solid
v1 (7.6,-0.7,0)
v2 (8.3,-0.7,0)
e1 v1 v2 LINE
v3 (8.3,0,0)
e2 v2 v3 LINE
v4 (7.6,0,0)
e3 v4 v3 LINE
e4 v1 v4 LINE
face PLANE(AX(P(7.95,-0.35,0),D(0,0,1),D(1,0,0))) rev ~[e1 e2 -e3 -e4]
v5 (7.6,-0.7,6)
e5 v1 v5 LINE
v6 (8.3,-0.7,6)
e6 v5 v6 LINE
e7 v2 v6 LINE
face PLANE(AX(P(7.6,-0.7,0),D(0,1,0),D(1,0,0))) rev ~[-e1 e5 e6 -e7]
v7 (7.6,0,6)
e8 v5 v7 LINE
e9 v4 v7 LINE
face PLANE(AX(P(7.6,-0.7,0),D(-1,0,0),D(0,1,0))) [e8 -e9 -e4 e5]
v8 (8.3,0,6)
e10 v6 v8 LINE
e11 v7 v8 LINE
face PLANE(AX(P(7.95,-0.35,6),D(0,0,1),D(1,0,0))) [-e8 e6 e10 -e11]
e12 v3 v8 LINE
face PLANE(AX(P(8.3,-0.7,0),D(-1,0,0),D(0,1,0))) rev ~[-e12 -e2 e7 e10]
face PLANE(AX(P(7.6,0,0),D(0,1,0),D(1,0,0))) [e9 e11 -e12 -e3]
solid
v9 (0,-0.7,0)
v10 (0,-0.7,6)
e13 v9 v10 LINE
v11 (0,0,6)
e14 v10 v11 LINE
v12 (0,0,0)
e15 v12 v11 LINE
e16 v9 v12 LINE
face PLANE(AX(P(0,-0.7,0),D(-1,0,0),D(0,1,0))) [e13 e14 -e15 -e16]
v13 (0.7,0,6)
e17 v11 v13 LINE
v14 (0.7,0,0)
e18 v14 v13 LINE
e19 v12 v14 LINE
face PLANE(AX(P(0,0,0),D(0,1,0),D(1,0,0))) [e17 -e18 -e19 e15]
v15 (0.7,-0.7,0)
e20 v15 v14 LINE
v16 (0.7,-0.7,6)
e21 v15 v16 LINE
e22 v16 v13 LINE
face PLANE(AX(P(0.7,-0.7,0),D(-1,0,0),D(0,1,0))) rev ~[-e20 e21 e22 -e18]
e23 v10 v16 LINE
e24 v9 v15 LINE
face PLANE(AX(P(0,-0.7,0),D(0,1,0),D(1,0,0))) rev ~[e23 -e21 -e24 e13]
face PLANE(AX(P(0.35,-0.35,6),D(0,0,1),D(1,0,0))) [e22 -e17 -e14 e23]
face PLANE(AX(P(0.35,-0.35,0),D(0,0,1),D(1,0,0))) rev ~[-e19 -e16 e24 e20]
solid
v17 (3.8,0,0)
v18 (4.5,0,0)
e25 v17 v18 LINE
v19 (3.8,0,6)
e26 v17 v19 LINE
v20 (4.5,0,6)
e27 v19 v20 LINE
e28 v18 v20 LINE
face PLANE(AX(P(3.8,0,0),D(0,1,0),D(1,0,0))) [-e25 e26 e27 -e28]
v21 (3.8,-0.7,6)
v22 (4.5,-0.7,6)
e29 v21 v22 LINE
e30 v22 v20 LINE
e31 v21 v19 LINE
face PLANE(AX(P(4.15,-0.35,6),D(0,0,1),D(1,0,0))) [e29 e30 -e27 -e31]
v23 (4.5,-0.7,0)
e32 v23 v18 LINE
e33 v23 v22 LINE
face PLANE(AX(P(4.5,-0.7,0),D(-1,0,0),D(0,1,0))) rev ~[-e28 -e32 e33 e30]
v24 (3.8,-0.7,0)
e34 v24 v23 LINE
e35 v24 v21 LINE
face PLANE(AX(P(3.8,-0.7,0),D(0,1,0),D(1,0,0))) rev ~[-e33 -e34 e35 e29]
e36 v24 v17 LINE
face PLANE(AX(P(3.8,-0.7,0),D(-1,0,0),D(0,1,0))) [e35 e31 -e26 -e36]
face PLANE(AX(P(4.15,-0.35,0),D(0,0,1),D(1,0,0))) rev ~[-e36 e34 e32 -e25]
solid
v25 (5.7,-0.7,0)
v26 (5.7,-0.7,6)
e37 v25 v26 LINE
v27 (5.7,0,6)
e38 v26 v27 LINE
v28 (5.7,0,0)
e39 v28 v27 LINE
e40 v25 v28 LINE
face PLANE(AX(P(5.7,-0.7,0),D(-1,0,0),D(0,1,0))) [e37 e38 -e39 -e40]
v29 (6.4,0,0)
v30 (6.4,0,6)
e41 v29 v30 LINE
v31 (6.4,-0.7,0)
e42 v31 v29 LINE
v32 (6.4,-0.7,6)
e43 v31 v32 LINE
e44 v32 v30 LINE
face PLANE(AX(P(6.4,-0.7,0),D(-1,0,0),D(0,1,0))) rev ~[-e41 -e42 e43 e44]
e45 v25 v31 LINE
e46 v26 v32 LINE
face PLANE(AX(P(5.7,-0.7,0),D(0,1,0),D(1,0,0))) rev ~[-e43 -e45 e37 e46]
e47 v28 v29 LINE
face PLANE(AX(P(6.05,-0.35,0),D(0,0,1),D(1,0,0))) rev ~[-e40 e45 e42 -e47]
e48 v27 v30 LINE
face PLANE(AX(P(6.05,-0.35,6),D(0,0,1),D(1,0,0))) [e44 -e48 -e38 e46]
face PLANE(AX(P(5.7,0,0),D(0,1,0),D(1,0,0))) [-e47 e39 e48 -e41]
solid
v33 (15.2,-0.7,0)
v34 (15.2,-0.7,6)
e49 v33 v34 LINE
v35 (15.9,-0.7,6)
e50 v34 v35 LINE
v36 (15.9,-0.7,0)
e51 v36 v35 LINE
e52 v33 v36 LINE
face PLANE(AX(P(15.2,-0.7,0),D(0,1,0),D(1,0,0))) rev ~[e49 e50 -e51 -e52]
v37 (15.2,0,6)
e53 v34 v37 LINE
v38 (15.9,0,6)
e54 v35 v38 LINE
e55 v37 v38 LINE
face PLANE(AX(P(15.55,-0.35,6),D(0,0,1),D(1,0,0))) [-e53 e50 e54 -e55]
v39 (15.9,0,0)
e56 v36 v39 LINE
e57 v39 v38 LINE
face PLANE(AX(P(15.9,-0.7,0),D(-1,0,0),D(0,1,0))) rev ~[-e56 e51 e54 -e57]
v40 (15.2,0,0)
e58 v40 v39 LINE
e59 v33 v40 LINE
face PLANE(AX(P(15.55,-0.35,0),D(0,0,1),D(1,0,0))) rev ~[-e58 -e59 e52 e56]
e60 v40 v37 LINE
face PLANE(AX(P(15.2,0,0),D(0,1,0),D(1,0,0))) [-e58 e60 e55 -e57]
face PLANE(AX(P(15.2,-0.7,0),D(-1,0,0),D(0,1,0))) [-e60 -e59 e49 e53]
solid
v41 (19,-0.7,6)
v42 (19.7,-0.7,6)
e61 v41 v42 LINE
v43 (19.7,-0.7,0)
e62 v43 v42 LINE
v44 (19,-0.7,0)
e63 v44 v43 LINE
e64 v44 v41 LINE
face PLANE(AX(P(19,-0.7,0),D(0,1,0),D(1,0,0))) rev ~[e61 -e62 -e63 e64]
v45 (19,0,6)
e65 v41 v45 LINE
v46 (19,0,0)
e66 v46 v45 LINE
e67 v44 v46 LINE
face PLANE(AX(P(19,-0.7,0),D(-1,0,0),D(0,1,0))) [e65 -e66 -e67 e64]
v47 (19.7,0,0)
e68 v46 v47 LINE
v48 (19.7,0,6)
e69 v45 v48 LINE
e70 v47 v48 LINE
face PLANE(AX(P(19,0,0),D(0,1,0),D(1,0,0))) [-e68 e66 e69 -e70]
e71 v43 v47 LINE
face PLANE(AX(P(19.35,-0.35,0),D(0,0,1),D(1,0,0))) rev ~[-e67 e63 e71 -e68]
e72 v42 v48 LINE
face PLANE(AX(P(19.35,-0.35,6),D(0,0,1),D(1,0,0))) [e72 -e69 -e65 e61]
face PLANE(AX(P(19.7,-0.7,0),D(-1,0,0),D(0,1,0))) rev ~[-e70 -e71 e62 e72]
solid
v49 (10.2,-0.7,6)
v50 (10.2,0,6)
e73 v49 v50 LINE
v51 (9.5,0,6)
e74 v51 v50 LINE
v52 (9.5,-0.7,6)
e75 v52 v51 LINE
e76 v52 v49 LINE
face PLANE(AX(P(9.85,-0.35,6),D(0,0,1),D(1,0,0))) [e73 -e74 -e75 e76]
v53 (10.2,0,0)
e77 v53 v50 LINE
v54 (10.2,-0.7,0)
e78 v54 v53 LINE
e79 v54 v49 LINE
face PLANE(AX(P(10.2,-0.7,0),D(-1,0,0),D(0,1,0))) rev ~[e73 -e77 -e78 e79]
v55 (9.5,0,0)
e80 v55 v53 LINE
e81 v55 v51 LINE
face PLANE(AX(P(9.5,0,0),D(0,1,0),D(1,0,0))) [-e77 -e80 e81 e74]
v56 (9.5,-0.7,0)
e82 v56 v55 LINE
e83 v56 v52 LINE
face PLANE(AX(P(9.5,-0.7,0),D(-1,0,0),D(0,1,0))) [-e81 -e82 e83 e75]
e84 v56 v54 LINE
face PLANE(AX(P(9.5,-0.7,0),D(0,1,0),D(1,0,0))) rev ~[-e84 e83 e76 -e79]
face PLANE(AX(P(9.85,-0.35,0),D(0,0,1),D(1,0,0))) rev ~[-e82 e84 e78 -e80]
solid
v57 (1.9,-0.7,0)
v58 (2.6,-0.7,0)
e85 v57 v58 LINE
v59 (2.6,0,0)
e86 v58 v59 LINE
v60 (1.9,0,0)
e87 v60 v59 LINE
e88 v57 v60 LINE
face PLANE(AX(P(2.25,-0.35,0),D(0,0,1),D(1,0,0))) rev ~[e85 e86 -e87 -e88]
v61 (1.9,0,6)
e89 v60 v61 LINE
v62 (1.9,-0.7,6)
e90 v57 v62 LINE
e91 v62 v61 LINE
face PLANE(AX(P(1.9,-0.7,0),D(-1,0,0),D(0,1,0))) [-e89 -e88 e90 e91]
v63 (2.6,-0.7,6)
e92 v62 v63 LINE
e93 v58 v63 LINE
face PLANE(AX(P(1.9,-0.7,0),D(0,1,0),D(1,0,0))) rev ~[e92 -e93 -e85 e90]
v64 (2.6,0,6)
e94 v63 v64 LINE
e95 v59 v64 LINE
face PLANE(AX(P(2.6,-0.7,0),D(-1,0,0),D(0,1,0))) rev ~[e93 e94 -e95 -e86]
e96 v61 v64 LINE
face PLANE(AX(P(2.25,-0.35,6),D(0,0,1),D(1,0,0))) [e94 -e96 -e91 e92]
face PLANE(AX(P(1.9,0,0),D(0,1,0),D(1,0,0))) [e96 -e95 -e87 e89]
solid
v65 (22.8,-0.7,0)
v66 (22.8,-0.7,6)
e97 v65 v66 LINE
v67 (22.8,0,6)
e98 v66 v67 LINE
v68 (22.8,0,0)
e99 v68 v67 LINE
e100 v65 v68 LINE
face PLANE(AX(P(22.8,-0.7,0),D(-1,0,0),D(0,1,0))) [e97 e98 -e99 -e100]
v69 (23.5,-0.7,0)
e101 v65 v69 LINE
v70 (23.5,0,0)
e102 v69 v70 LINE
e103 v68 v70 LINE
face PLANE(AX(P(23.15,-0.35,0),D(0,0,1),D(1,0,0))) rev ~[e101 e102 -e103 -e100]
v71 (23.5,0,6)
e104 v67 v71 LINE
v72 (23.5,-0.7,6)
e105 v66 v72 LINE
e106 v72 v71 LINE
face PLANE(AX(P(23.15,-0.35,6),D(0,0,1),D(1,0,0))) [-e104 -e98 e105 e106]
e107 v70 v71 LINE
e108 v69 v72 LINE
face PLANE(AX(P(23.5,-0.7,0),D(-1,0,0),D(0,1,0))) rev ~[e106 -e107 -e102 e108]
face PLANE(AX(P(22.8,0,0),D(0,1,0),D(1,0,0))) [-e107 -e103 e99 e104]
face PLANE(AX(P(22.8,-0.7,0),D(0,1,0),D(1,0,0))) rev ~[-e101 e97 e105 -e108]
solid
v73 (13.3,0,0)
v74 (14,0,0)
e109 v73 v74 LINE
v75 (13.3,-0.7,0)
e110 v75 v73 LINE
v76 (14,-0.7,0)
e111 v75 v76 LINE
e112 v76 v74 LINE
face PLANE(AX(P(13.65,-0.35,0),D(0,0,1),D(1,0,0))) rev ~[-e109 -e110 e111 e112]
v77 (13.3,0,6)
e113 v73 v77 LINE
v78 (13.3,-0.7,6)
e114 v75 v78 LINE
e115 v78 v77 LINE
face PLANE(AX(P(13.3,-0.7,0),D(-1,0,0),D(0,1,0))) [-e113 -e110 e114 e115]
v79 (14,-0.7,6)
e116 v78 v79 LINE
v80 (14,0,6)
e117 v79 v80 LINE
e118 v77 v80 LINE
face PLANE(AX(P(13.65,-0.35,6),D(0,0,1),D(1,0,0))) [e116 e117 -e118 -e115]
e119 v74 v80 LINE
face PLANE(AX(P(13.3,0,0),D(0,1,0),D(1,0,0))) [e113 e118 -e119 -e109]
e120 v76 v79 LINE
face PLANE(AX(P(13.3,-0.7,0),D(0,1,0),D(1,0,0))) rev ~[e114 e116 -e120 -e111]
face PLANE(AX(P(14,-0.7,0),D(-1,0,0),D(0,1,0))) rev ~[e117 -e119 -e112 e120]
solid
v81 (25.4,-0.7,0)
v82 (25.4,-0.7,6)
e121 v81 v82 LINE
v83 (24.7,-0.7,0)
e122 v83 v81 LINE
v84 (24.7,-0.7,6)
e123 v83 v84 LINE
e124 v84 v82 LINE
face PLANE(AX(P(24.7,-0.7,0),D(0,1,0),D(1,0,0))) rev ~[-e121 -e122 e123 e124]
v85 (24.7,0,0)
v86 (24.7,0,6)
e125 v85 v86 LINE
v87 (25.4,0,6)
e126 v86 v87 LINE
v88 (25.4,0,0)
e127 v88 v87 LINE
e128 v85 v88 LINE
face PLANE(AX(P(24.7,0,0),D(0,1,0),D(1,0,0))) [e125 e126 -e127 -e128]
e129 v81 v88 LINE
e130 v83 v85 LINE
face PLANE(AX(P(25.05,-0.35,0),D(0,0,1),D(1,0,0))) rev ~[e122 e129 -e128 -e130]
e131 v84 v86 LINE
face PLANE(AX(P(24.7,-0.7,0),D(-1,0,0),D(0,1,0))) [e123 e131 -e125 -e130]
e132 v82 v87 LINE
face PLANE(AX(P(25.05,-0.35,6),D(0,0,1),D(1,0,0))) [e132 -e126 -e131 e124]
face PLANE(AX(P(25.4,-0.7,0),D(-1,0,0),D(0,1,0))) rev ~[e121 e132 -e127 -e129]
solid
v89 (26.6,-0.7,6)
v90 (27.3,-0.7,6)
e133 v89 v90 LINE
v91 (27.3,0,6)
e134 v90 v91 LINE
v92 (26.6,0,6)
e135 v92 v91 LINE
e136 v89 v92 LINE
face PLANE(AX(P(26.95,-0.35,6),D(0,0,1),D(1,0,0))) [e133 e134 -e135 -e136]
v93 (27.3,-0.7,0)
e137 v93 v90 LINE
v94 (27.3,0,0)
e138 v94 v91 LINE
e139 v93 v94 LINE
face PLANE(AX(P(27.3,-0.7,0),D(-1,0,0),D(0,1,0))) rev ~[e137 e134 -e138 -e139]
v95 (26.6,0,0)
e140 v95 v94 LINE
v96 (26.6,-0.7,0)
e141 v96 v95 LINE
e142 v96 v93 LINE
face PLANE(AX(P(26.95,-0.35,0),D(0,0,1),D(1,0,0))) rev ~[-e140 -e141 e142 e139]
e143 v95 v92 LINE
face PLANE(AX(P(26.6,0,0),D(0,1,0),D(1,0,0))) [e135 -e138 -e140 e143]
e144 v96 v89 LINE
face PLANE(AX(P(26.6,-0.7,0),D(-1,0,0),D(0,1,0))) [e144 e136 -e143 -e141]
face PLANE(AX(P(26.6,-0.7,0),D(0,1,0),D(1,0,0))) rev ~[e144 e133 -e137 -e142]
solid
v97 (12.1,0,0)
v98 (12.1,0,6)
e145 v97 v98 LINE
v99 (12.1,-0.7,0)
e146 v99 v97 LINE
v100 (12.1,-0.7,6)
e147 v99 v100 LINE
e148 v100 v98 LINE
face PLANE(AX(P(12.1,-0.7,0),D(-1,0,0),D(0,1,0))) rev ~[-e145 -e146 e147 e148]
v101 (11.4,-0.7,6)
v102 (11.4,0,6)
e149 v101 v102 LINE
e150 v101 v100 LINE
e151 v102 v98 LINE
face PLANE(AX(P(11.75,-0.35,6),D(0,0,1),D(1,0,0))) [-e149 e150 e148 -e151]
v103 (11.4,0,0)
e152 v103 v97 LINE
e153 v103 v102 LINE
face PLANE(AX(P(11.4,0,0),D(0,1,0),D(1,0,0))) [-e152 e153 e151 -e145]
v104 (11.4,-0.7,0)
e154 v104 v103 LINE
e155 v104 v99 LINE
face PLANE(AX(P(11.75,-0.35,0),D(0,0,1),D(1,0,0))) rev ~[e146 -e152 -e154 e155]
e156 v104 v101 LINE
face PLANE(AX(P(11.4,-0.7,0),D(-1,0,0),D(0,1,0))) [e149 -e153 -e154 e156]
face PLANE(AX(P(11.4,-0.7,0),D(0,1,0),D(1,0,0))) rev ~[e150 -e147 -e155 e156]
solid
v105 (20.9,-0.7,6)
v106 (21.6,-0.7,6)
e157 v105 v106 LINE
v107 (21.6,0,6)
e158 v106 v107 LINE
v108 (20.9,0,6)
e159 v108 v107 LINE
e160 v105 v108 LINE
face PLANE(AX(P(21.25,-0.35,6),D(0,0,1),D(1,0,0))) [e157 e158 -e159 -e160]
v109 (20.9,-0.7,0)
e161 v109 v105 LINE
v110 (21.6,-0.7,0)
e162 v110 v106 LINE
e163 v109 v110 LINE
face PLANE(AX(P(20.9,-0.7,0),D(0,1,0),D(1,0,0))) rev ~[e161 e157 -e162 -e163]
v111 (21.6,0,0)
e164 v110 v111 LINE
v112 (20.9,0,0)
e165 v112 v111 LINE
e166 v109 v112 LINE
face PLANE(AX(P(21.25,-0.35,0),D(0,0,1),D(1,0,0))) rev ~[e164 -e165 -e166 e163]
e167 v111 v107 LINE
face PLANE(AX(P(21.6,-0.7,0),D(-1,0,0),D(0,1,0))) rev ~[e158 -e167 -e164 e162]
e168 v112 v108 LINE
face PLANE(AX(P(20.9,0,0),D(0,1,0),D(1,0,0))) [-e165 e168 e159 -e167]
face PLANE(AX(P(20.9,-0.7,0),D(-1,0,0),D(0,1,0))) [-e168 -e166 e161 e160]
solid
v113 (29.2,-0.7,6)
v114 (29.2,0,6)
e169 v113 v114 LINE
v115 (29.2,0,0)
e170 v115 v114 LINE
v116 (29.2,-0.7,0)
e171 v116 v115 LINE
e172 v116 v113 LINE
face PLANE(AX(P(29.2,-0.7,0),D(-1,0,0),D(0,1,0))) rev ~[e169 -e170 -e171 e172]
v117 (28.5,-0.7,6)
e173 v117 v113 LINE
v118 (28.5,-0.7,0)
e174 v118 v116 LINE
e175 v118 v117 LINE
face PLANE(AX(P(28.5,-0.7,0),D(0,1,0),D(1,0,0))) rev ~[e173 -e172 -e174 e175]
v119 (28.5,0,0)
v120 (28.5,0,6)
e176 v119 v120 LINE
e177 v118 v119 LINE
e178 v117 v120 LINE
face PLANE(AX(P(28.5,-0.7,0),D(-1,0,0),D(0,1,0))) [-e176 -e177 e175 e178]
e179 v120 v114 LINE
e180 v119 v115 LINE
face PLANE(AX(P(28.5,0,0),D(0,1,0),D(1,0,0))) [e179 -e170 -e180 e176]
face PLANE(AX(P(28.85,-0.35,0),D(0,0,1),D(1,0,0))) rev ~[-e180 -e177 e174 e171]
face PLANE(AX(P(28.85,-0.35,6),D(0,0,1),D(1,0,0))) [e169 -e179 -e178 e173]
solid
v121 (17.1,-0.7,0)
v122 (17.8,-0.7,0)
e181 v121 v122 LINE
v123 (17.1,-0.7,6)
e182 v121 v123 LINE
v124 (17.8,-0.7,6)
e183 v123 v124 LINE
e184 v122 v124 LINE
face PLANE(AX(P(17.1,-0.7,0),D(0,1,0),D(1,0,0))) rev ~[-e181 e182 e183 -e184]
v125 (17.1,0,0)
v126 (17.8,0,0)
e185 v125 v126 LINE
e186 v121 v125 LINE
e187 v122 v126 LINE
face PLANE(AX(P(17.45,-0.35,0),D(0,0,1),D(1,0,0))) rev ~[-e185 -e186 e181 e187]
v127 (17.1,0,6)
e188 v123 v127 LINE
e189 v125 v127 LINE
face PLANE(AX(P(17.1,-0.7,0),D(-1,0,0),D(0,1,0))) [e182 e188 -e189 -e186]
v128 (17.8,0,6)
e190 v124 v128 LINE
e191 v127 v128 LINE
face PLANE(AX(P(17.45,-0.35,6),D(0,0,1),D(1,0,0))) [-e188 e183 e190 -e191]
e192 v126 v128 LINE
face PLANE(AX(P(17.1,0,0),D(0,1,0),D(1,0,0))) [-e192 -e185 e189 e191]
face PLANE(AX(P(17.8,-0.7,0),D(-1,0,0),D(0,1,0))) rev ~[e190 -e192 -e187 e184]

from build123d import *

# Parameters (mm, degrees)
F0_W     = 0.7
F0_H     = 0.7
F1_DEPTH = 6


with BuildPart() as f1:
    # F0 (on Top) → F1 (new body)
    with BuildSketch(Plane.XY):
        with Locations((0.35, -0.35)):
            Rectangle(F0_W, F0_H)
        with Locations((2.25, -0.35)):
            Rectangle(F0_W, F0_H)
        with Locations((4.15, -0.35)):
            Rectangle(F0_W, F0_H)
        with Locations((6.05, -0.35)):
            Rectangle(F0_W, F0_H)
        with Locations((7.95, -0.35)):
            Rectangle(F0_W, F0_H)
        with Locations((9.85, -0.35)):
            Rectangle(F0_W, F0_H)
        with Locations((11.75, -0.35)):
            Rectangle(F0_W, F0_H)
        with Locations((13.65, -0.35)):
            Rectangle(F0_W, F0_H)
        with Locations((15.55, -0.35)):
            Rectangle(F0_W, F0_H)
        with Locations((17.45, -0.35)):
            Rectangle(F0_W, F0_H)
        with Locations((19.35, -0.35)):
            Rectangle(F0_W, F0_H)
        with Locations((21.25, -0.35)):
            Rectangle(F0_W, F0_H)
        with Locations((23.15, -0.35)):
            Rectangle(F0_W, F0_H)
        with Locations((25.05, -0.35)):
            Rectangle(F0_W, F0_H)
        with Locations((26.95, -0.35)):
            Rectangle(F0_W, F0_H)
        with Locations((28.85, -0.35)):
            Rectangle(F0_W, F0_H)
    extrude(amount=F1_DEPTH)


solid = f1.part
